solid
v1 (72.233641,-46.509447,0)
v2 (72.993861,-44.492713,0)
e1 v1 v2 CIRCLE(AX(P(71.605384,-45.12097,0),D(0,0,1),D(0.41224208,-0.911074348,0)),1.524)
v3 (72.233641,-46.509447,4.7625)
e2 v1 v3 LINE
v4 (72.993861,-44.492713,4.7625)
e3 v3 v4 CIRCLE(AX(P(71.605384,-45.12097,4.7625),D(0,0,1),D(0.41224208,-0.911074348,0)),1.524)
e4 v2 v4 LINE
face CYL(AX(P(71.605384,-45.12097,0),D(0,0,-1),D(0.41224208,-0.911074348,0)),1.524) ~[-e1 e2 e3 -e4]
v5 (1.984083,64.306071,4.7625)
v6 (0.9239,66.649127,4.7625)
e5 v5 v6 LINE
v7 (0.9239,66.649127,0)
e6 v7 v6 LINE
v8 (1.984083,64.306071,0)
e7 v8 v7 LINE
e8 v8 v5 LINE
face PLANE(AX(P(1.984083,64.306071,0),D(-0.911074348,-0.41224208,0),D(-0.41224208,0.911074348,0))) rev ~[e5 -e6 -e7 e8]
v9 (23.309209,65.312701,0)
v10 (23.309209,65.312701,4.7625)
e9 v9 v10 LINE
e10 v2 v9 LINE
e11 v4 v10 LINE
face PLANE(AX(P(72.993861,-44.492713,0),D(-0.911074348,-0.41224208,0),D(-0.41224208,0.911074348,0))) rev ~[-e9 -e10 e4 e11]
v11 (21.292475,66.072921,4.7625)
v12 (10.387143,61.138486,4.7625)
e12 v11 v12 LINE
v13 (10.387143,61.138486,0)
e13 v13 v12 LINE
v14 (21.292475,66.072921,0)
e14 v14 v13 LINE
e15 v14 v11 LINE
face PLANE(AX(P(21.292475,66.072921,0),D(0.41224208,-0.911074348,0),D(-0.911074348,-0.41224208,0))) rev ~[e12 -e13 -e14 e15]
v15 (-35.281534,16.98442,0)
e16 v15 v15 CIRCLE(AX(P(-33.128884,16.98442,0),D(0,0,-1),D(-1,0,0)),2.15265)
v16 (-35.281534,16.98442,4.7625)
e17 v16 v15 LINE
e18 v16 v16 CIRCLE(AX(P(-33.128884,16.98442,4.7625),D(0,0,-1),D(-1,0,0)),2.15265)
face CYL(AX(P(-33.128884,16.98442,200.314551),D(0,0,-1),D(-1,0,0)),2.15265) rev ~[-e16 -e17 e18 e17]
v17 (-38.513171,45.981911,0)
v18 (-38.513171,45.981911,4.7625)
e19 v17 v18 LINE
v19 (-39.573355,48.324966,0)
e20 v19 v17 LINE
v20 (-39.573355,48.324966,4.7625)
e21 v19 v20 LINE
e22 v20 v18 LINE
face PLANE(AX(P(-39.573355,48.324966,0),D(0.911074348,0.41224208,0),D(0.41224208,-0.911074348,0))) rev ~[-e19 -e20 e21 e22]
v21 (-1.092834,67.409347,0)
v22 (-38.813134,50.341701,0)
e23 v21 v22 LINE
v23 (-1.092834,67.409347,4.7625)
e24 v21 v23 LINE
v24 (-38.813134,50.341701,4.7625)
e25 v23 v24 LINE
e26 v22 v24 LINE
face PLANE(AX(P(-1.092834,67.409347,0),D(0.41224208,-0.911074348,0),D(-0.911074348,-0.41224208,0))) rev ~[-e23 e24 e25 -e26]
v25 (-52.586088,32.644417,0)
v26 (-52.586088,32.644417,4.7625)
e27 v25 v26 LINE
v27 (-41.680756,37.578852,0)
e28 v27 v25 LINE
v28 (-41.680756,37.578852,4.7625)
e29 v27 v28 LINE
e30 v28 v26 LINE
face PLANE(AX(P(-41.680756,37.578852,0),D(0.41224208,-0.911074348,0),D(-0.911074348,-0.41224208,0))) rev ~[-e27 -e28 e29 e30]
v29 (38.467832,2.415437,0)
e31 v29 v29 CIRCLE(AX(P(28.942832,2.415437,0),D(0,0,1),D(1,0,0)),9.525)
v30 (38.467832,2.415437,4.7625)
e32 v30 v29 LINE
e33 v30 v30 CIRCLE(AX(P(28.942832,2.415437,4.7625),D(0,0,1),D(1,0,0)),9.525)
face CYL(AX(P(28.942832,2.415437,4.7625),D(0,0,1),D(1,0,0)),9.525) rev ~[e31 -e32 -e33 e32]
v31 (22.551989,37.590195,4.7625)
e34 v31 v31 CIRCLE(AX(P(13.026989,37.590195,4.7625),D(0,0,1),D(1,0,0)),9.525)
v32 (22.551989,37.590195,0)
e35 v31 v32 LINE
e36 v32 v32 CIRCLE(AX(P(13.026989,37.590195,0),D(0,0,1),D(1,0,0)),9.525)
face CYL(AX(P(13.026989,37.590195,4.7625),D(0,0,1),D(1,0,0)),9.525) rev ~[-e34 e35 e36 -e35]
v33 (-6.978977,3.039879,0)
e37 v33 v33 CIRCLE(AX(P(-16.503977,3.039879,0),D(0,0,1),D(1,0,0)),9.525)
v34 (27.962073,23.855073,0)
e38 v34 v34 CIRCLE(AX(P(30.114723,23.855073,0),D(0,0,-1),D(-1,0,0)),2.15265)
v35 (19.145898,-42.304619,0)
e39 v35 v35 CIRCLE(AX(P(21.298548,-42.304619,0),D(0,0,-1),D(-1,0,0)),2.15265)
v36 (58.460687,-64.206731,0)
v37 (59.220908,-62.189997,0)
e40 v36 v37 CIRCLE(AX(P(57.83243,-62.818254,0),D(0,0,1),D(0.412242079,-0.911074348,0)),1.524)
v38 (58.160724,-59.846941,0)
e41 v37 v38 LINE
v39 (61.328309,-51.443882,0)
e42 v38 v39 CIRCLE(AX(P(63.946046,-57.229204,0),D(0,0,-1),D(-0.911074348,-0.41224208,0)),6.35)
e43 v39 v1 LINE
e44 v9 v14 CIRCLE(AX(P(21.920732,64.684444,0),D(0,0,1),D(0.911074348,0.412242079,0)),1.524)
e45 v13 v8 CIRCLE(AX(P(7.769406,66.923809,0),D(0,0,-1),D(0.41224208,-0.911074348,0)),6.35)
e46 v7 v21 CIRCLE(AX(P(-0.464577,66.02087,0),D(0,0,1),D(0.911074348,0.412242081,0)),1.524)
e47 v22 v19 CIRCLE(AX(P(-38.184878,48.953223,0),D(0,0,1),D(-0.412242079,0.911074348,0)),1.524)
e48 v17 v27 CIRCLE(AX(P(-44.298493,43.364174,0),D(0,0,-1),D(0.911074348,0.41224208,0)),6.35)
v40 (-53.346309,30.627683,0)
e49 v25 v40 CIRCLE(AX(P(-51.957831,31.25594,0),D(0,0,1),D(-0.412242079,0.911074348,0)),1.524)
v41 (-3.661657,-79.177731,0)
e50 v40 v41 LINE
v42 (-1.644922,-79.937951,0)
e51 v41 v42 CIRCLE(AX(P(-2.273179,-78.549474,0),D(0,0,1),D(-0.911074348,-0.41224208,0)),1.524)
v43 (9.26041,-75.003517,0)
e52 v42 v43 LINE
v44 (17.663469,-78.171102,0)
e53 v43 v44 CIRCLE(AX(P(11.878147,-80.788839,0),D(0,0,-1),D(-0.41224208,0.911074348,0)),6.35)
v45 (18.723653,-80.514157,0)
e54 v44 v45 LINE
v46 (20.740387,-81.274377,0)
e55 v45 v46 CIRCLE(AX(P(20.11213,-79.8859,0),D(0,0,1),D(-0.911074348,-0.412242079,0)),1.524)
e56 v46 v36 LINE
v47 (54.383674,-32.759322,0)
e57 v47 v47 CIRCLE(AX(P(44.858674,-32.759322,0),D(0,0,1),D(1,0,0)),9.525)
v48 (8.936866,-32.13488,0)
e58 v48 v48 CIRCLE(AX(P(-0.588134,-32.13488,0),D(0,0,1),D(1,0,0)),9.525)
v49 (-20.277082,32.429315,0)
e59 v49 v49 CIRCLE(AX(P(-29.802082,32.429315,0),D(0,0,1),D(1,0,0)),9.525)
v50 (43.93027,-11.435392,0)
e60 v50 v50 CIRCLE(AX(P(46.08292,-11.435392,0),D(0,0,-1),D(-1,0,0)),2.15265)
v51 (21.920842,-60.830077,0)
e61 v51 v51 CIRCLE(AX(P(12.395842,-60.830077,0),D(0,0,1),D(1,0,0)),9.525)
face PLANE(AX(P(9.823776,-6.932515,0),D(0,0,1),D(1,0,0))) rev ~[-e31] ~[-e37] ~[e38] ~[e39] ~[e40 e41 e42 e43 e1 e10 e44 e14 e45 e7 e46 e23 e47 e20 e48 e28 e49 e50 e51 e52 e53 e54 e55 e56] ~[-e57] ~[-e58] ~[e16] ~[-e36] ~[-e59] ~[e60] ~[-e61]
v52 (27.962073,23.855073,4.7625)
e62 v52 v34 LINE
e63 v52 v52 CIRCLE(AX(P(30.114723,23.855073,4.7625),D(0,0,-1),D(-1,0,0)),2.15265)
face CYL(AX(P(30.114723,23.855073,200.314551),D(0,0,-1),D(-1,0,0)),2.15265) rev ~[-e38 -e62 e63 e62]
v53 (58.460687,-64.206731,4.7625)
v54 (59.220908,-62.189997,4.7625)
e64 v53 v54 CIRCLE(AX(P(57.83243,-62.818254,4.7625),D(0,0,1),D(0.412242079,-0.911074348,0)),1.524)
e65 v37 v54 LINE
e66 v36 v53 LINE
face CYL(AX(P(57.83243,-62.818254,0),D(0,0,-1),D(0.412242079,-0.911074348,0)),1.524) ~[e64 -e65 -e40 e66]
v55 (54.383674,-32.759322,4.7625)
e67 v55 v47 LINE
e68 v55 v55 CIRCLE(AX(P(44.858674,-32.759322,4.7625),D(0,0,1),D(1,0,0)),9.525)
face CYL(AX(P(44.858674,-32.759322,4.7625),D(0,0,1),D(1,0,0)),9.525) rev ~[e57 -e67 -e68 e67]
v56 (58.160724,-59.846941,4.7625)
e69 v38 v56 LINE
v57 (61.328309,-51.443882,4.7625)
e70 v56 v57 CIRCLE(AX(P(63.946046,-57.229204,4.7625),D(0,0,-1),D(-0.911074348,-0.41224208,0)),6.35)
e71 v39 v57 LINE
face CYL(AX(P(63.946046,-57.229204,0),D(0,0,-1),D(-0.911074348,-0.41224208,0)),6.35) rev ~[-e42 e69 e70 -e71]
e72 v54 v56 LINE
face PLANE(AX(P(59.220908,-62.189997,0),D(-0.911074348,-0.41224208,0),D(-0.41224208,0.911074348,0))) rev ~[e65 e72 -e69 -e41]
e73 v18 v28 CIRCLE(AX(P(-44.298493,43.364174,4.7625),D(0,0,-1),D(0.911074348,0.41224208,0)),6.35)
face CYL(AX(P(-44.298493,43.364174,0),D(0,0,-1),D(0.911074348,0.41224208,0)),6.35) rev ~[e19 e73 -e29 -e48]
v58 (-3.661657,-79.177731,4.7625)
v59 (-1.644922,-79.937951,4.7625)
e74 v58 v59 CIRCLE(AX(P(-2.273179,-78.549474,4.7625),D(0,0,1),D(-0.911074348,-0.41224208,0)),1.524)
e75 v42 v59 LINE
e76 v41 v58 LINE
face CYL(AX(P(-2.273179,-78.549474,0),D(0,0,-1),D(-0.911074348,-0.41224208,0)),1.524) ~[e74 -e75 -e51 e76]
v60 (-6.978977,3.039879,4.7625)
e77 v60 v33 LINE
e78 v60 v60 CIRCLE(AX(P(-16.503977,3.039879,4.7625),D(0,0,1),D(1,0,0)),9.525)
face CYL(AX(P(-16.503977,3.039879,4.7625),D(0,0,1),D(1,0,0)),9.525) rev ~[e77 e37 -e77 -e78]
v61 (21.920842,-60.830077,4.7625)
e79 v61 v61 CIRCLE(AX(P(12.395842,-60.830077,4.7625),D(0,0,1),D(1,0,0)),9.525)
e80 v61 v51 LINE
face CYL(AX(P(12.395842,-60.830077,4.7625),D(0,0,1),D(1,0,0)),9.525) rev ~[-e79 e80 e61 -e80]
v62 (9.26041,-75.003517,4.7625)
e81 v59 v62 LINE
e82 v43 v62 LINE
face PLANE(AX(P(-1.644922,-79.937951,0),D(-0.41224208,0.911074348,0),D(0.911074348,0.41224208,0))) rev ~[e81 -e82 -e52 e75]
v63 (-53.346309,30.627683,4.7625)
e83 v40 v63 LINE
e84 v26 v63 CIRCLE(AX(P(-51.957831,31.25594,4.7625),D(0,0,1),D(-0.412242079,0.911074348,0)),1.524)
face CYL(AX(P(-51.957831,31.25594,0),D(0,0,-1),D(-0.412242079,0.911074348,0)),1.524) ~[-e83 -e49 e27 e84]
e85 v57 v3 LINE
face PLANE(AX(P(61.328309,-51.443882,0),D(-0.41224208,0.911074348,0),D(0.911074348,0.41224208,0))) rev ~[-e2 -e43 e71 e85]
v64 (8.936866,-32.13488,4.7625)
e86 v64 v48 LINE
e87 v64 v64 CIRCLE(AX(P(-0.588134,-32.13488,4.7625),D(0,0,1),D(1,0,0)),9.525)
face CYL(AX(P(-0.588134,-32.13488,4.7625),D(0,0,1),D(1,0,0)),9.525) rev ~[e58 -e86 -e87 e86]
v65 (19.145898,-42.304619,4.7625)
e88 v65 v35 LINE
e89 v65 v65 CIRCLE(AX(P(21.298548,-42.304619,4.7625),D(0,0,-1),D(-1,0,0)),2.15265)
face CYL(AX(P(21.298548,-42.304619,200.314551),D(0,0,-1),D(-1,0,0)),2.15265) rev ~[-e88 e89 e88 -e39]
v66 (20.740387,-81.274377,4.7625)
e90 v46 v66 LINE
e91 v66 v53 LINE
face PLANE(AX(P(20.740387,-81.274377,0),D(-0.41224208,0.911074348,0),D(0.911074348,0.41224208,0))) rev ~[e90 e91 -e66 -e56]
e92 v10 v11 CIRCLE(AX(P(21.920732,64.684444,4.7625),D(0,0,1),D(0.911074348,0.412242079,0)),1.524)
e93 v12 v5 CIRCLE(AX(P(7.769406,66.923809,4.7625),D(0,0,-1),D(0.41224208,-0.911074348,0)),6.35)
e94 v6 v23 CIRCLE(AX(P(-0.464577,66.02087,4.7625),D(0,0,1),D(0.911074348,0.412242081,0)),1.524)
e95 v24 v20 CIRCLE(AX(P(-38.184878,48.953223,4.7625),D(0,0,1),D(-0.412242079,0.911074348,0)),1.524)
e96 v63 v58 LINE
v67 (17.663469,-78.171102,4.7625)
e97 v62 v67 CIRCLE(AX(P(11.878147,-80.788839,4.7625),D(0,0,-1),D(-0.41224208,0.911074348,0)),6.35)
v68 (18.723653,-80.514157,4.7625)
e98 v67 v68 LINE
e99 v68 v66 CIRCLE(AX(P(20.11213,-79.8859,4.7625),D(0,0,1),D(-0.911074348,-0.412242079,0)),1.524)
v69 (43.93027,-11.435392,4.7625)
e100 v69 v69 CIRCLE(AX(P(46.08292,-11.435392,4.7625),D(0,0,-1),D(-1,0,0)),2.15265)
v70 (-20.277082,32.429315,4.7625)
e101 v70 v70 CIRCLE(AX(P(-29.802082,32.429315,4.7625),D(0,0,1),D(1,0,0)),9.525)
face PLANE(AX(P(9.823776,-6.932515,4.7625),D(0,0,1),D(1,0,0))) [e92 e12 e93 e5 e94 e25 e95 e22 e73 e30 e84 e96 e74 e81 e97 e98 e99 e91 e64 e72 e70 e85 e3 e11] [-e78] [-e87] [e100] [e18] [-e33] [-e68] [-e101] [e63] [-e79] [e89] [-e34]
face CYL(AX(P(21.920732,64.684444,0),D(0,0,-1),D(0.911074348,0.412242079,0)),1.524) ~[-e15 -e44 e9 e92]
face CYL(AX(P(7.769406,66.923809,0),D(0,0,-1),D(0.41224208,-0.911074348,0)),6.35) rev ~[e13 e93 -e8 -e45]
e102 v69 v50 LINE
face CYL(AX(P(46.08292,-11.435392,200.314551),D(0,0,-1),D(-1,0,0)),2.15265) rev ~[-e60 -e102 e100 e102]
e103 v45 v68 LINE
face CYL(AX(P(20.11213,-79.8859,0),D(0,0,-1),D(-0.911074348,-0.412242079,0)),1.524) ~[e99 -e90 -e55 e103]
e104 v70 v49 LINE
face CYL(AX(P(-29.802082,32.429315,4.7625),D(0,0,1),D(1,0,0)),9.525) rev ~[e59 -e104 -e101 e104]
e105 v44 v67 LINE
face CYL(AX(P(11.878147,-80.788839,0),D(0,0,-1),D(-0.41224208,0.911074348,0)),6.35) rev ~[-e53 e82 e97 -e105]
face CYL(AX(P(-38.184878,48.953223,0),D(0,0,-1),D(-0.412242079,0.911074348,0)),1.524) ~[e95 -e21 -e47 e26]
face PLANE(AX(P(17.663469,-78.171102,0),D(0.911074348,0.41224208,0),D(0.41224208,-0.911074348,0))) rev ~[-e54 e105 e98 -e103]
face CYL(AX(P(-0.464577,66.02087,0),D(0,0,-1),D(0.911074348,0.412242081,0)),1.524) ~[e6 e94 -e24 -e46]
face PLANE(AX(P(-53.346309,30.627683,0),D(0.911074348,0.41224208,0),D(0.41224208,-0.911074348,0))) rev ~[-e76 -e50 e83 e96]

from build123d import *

# Parameters (mm, degrees)
BOSS_EXTRUDE1_DEPTH   = 4.7625
F_6_CLEARANCE_HOLE1_D = 4.3053
SKETCH6_R             = 9.525
CUT_EXTRUDE1_DEPTH    = 5.7625


with BuildPart() as part:
    # Sketch1 → Boss-Extrude1 (new body)
    with BuildSketch(Plane.XY):
        with BuildLine():
            Line((61.328308874, -51.443881834), (72.233641051, -46.509447198))
            ThreePointArc((72.233641051, -46.509447198), (73.031430575, -45.658526875), (72.993861427, -44.492712962))
            Line((72.993861427, -44.492712962), (23.309209228, 65.312700679))
            ThreePointArc((23.309209228, 65.312700679), (22.458288905, 66.110490204), (21.292474992, 66.072921056))
            Line((21.292474992, 66.072921056), (10.387142815, 61.13848642))
            ThreePointArc((10.387142815, 61.13848642), (5.529584843, 60.981948303), (1.984083498, 64.306071322))
            Line((1.984083498, 64.306071322), (0.923899929, 66.649126776))
            ThreePointArc((0.923899929, 66.649126776), (0.072979606, 67.4469163), (-1.092834307, 67.409347153))
            Line((-1.092834307, 67.409347153), (-38.813134462, 50.341700559))
            ThreePointArc((-38.813134462, 50.341700559), (-39.610923987, 49.490780236), (-39.573354839, 48.324966323))
            Line((-39.573354839, 48.324966323), (-38.51317127, 45.981910869))
            ThreePointArc((-38.51317127, 45.981910869), (-38.356633153, 41.124352897), (-41.680756172, 37.578851552))
            Line((-41.680756172, 37.578851552), (-52.586088348, 32.644416915))
            ThreePointArc((-52.586088348, 32.644416915), (-53.383877873, 31.793496593), (-53.346308725, 30.627682679))
            Line((-53.346308725, 30.627682679), (-3.661656526, -79.177730962))
            ThreePointArc((-3.661656526, -79.177730962), (-2.810736203, -79.975520486), (-1.64492229, -79.937951338))
            Line((-1.64492229, -79.937951338), (9.260409887, -75.003516702))
            ThreePointArc((9.260409887, -75.003516702), (14.117967859, -74.846978586), (17.663469204, -78.171101604))
            Line((17.663469204, -78.171101604), (18.723652773, -80.514157058))
            ThreePointArc((18.723652773, -80.514157058), (19.574573096, -81.311946583), (20.740387009, -81.274377435))
            Line((20.740387009, -81.274377435), (58.460687164, -64.206730842))
            ThreePointArc((58.460687164, -64.206730842), (59.258476689, -63.355810519), (59.220907541, -62.189996606))
            Line((59.220907541, -62.189996606), (58.160723972, -59.846941151))
            ThreePointArc((58.160723972, -59.846941151), (58.004185856, -54.989383179), (61.328308874, -51.443881834))
        make_face()
    extrude(amount=BOSS_EXTRUDE1_DEPTH)

    # #6 Clearance Hole1 (through all)
    with Locations(Plane.XY.offset(4.7625)):
        with Locations((30.114722566, 23.855073088), (46.082919532, -11.435391781), (-33.128884005, 16.984419854), (21.298547528, -42.304619004)):
            Hole(F_6_CLEARANCE_HOLE1_D / 2)

    # Sketch6 → Cut-Extrude1 (cut, through all)
    with BuildSketch(Plane.XY.offset(4.7625)):
        with Locations((13.026989476, 37.590195142)):
            Circle(SKETCH6_R)
        with Locations((28.942831698, 2.415436715)):
            Circle(SKETCH6_R)
        with Locations((44.858673919, -32.759321712)):
            Circle(SKETCH6_R)
        with Locations((-16.503976684, 3.039878823)):
            Circle(SKETCH6_R)
        with Locations((-0.588134462, -32.134879603)):
            Circle(SKETCH6_R)
        with Locations((-29.802081698, 32.42931514)):
            Circle(SKETCH6_R)
        with Locations((12.395842088, -60.830077267)):
            Circle(SKETCH6_R)
    extrude(amount=-CUT_EXTRUDE1_DEPTH, mode=Mode.SUBTRACT)


solid = part.part
